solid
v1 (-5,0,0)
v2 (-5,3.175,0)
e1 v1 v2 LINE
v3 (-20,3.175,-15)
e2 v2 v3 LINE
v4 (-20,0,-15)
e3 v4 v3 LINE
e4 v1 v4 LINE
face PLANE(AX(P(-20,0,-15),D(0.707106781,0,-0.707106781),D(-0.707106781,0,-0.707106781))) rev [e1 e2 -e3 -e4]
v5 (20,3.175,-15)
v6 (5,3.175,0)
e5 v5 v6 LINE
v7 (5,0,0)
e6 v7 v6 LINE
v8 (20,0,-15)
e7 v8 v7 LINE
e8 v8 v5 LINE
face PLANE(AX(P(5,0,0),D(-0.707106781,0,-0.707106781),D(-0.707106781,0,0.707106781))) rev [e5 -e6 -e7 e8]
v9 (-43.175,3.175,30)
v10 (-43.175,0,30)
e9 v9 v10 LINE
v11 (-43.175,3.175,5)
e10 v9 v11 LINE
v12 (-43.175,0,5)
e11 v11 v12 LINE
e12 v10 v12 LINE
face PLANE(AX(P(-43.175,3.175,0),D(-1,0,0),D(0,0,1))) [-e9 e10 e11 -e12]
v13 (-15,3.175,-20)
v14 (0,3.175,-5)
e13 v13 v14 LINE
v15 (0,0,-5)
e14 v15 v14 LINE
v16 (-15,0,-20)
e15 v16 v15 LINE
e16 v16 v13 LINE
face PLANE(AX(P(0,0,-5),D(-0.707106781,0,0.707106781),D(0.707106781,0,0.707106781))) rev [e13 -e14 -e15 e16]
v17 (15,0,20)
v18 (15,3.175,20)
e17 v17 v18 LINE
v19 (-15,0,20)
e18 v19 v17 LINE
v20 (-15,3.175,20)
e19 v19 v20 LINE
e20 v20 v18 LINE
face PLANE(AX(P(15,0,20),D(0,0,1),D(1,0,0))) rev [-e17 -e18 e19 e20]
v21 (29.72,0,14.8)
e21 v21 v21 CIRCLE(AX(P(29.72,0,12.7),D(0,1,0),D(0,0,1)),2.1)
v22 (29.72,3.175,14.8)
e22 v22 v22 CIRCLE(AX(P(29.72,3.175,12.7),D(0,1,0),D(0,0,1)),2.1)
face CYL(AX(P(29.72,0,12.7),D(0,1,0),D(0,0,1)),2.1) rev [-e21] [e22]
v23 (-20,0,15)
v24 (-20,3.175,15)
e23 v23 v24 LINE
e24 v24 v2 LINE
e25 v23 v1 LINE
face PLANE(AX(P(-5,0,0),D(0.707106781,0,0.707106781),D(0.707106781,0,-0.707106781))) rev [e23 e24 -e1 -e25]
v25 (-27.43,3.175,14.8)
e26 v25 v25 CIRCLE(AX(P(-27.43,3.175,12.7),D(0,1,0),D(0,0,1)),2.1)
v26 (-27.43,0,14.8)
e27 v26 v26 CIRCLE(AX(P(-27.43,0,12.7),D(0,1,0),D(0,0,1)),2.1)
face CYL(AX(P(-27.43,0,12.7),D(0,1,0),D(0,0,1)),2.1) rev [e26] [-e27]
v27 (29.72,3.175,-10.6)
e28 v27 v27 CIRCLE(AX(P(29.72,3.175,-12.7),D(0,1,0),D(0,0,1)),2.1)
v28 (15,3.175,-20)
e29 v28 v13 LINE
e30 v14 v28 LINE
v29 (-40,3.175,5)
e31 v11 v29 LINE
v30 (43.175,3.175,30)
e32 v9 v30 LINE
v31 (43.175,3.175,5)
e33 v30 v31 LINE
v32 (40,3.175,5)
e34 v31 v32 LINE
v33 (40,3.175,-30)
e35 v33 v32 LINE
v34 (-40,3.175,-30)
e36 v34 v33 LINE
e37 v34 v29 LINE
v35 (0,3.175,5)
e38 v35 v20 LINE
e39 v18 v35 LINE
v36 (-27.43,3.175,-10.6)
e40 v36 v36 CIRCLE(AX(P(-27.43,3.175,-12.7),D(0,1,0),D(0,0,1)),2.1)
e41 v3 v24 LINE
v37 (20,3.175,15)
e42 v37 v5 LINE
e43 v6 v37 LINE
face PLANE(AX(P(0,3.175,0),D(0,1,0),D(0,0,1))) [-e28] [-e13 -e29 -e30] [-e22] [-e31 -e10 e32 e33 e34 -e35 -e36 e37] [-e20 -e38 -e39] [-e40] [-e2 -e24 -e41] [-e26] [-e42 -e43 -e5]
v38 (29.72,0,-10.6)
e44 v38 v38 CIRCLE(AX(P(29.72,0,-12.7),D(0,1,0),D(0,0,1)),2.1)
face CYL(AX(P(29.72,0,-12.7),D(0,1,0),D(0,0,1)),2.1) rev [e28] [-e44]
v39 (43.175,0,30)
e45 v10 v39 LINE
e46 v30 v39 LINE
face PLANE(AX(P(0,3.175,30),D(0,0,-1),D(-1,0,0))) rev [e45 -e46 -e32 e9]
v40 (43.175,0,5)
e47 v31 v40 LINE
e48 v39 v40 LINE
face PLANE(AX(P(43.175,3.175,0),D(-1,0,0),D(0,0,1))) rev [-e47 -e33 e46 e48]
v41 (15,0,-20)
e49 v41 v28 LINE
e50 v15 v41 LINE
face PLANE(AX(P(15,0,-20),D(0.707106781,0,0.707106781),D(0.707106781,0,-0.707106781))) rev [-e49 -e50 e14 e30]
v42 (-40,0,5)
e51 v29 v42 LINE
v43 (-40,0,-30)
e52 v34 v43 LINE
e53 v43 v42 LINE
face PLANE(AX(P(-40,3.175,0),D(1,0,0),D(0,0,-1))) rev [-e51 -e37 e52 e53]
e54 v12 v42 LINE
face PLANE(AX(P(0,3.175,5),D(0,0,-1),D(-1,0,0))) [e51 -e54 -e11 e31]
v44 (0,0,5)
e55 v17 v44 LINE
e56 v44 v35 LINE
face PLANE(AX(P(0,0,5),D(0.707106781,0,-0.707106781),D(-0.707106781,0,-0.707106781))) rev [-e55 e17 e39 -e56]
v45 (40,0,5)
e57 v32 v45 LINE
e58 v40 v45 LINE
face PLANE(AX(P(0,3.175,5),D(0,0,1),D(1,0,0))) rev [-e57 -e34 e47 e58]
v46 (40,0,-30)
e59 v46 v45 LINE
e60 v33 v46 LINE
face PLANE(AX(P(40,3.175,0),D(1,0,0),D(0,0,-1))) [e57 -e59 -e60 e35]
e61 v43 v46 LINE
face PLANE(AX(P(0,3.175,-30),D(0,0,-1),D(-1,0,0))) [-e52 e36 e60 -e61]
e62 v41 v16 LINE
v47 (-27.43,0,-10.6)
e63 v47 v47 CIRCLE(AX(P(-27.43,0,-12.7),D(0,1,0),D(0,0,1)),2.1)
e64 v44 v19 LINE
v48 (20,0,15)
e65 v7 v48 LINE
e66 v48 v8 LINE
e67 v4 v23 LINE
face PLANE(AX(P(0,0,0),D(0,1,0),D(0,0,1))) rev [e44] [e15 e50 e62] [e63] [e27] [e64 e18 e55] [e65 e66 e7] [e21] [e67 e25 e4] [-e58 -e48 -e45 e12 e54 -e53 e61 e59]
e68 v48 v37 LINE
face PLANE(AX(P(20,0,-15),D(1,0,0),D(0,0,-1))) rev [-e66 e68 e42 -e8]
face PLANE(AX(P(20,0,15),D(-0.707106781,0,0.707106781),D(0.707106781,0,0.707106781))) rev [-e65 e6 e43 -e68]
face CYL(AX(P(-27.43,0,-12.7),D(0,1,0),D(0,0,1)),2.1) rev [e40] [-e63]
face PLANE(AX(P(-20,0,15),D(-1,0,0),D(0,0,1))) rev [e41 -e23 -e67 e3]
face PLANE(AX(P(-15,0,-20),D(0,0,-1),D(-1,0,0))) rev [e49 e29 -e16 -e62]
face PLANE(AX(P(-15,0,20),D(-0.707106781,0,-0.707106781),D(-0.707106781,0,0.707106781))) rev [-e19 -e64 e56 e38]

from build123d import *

# Parameters (mm, degrees)
BOSS_EXTRUDE1_DEPTH = 3.175
SKETCH2_R           = 2.1
CUT_EXTRUDE1_DEPTH  = 3.175
CUT_EXTRUDE2_DEPTH  = 3.175


with BuildPart() as part:
    # Sketch1 → Boss-Extrude1 (new body)
    with BuildSketch(Plane(origin=(0, 0, 0), x_dir=(1, 0, 0), z_dir=(0, 1, 0))):
        Polygon((-43.175, -5), (-43.175, -30), (43.175, -30), (43.175, -5), (40, -5), (40, 30), (-40, 30), (-40, -5), align=None)
    extrude(amount=BOSS_EXTRUDE1_DEPTH)

    # Sketch2 → Cut-Extrude1 (cut)
    with BuildSketch(Plane(origin=(0, 3.175, 0), x_dir=(1, 0, 0), z_dir=(0, 1, 0))):
        with Locations(Location((-27.43, 12.7, 0), (0, 0, 270))):
            Circle(SKETCH2_R)
        with Locations(Location((29.72, 12.7, 0), (0, 0, 270))):
            Circle(SKETCH2_R)
        with Locations(Location((29.72, -12.7, 0), (0, 0, 270))):
            Circle(SKETCH2_R)
        with Locations(Location((-27.43, -12.7, 0), (0, 0, 270))):
            Circle(SKETCH2_R)
    extrude(amount=-CUT_EXTRUDE1_DEPTH, mode=Mode.SUBTRACT)

    # Sketch3 → Cut-Extrude2 (cut)
    with BuildSketch(Plane(origin=(0, 3.175, 0), x_dir=(1, 0, 0), z_dir=(0, 1, 0))):
        Polygon((-20, -15), (-20, 15), (-5, 0), align=None)
        Polygon((0, 5), (-15, 20), (15, 20), align=None)
        Polygon((5, 0), (20, 15), (20, -15), align=None)
        Polygon((0, -5), (15, -20), (-15, -20), align=None)
    extrude(amount=-CUT_EXTRUDE2_DEPTH, mode=Mode.SUBTRACT)


solid = part.part
